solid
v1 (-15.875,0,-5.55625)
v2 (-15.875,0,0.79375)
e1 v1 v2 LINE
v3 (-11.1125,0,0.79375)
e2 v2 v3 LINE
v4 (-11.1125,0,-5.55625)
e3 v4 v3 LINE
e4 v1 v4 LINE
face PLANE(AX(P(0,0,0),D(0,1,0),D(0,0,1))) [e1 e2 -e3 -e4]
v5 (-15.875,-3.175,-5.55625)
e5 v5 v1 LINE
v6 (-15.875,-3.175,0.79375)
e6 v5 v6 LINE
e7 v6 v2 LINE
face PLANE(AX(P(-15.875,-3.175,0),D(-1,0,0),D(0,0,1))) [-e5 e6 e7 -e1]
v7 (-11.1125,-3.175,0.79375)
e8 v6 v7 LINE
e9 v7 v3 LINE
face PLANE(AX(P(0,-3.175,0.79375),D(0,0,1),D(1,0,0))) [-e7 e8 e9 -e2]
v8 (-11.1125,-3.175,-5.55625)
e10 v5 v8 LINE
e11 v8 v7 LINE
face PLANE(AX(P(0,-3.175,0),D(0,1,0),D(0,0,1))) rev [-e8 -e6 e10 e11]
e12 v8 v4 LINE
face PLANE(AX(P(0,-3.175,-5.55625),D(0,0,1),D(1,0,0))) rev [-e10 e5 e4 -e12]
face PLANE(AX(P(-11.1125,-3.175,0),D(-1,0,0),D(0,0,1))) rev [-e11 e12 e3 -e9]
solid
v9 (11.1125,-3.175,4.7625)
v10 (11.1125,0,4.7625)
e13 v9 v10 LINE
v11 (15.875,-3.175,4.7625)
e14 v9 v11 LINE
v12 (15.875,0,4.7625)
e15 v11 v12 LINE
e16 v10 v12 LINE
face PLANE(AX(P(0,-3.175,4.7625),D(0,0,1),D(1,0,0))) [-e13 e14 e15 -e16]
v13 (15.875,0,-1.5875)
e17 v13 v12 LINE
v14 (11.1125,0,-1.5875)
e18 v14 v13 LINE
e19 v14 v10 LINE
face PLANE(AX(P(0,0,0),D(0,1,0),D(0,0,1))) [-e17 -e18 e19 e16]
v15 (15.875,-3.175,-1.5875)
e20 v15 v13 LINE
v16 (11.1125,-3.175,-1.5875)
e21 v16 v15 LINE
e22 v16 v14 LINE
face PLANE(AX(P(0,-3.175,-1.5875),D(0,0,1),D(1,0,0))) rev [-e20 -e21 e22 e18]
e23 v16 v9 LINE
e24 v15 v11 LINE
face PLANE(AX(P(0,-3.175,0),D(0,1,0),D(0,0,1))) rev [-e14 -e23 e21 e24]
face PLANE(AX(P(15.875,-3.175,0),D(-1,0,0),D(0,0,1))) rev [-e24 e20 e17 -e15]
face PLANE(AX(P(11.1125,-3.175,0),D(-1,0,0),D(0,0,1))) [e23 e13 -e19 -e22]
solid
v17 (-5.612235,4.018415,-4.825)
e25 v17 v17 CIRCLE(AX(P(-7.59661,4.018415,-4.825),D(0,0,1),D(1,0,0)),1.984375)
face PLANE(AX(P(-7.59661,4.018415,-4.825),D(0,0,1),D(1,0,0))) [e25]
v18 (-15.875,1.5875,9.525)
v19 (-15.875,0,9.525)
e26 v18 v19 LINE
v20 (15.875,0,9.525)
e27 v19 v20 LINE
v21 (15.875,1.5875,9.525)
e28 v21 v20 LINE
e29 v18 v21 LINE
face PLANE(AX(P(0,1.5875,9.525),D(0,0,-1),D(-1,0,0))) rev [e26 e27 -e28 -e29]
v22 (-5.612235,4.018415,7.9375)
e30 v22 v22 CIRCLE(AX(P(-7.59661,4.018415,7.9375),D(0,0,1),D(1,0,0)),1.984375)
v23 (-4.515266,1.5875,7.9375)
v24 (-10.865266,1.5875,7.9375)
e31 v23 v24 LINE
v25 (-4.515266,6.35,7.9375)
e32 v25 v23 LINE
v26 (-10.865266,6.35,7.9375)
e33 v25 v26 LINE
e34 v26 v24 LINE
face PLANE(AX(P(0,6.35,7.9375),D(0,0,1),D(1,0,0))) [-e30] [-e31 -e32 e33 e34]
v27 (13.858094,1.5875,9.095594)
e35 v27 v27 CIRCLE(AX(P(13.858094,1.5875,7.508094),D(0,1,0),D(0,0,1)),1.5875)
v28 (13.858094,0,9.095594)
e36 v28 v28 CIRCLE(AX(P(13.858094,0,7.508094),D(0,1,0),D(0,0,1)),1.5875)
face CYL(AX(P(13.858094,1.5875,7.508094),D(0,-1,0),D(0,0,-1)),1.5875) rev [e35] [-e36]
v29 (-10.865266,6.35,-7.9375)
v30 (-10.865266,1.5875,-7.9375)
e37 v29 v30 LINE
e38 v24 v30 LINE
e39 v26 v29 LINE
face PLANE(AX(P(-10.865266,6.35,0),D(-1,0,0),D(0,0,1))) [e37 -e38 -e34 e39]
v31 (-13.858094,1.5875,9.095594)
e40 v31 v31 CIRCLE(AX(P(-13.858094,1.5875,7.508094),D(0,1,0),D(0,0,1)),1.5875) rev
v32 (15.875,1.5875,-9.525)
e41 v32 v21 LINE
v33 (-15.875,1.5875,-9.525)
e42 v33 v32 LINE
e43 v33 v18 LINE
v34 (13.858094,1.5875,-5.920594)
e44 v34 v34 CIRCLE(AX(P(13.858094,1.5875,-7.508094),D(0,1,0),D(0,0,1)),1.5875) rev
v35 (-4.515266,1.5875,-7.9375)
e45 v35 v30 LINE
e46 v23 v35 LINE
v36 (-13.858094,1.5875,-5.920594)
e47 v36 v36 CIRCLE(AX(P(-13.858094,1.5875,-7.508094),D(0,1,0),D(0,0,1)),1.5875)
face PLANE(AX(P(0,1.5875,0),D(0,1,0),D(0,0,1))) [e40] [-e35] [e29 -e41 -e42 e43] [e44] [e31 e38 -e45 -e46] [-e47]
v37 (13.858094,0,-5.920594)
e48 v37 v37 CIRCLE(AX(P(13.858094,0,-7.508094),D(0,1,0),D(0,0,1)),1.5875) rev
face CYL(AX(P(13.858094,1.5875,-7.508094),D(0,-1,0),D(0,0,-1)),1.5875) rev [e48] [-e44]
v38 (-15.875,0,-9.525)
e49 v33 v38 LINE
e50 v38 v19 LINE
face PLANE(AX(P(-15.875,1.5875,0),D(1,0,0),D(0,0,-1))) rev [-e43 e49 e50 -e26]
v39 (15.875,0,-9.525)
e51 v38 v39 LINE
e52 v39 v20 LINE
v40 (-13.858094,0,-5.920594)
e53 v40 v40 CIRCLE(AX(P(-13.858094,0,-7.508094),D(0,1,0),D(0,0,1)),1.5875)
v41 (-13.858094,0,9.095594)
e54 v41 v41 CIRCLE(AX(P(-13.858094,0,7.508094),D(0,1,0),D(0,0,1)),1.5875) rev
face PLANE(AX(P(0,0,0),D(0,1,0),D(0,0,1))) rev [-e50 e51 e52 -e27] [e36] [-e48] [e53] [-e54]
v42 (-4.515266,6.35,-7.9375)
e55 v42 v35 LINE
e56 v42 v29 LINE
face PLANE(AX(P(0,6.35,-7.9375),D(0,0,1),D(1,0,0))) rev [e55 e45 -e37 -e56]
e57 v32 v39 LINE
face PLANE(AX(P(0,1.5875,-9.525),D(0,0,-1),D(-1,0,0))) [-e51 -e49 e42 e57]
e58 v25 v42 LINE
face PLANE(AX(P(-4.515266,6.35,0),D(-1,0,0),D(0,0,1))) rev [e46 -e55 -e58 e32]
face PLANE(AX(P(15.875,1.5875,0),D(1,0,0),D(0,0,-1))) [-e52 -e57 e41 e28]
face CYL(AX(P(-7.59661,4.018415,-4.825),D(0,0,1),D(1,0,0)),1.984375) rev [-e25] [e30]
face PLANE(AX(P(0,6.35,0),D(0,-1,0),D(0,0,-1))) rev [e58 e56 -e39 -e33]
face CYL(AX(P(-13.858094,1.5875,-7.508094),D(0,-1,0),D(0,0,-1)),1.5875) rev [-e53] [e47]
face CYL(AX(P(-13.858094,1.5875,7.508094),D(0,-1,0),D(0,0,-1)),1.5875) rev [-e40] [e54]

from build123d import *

# Parameters (mm, degrees)
SKETCH2_W             = 31.75
SKETCH2_H             = 19.05
SKETCH2_R             = 1.5875
BOSS_EXTRUDE1_DEPTH   = 1.5875
SKETCH2_5_W           = 4.7625
SKETCH2_5_H           = 6.35
BOSS_EXTRUDE2_DEPTH   = 3.175
BOSS_EXTRUDE2_2_DEPTH = 3.175
BOSS_EXTRUDE3_START   = 1.5875
SKETCH2_6_W           = 6.35
SKETCH2_6_H           = 15.875
BOSS_EXTRUDE3_DEPTH   = 4.7625
SKETCH3_R             = 1.984375
CUT_EXTRUDE1_DEPTH    = 12.7625


with BuildPart() as part:
    # Sketch2 → Boss-Extrude1 (new body)
    with BuildSketch(Plane(origin=(0, 0, 0), x_dir=(1, 0, 0), z_dir=(0, 1, 0))):
        Rectangle(SKETCH2_W, SKETCH2_H)
        with Locations((-13.858094262, 7.508094262)):
            Circle(SKETCH2_R, mode=Mode.SUBTRACT)
        with Locations((-13.858094262, -7.508094262)):
            Circle(SKETCH2_R, mode=Mode.SUBTRACT)
        with Locations((13.858094262, -7.508094262)):
            Circle(SKETCH2_R, mode=Mode.SUBTRACT)
        with Locations((13.858094262, 7.508094262)):
            Circle(SKETCH2_R, mode=Mode.SUBTRACT)
    extrude(amount=BOSS_EXTRUDE1_DEPTH)

    # Sketch2<6> → Boss-Extrude3 (add)
    with BuildSketch(Plane(origin=(0, 0, 0), x_dir=(1, 0, 0), z_dir=(0, 1, 0)).offset(BOSS_EXTRUDE3_START)):
        with Locations((-7.690266393, 0)):
            Rectangle(SKETCH2_6_W, SKETCH2_6_H)
    extrude(amount=BOSS_EXTRUDE3_DEPTH)

    # Sketch3 → Cut-Extrude1 (cut)
    with BuildSketch(Plane.XY.offset(7.9375)):
        with Locations((-7.596610365, 4.018415317)):
            Circle(SKETCH3_R)
    extrude(amount=-CUT_EXTRUDE1_DEPTH, mode=Mode.SUBTRACT)


with BuildPart() as body_2:
    # Sketch2<5> → Boss-Extrude2 (new body)
    with BuildSketch(Plane(origin=(0, 0, 0), x_dir=(1, 0, 0), z_dir=(0, 1, 0))):
        with Locations((-13.49375, 2.38125)):
            Rectangle(SKETCH2_5_W, SKETCH2_5_H)
    extrude(amount=-BOSS_EXTRUDE2_DEPTH)


with BuildPart() as body_3:
    # Sketch2<5> → Boss-Extrude2 2 (new body)
    with BuildSketch(Plane(origin=(0, 0, 0), x_dir=(1, 0, 0), z_dir=(0, 1, 0))):
        with Locations((13.49375, -1.5875)):
            Rectangle(SKETCH2_5_W, SKETCH2_5_H)
    extrude(amount=-BOSS_EXTRUDE2_2_DEPTH)


solid = Compound([part.part, body_2.part, body_3.part])
